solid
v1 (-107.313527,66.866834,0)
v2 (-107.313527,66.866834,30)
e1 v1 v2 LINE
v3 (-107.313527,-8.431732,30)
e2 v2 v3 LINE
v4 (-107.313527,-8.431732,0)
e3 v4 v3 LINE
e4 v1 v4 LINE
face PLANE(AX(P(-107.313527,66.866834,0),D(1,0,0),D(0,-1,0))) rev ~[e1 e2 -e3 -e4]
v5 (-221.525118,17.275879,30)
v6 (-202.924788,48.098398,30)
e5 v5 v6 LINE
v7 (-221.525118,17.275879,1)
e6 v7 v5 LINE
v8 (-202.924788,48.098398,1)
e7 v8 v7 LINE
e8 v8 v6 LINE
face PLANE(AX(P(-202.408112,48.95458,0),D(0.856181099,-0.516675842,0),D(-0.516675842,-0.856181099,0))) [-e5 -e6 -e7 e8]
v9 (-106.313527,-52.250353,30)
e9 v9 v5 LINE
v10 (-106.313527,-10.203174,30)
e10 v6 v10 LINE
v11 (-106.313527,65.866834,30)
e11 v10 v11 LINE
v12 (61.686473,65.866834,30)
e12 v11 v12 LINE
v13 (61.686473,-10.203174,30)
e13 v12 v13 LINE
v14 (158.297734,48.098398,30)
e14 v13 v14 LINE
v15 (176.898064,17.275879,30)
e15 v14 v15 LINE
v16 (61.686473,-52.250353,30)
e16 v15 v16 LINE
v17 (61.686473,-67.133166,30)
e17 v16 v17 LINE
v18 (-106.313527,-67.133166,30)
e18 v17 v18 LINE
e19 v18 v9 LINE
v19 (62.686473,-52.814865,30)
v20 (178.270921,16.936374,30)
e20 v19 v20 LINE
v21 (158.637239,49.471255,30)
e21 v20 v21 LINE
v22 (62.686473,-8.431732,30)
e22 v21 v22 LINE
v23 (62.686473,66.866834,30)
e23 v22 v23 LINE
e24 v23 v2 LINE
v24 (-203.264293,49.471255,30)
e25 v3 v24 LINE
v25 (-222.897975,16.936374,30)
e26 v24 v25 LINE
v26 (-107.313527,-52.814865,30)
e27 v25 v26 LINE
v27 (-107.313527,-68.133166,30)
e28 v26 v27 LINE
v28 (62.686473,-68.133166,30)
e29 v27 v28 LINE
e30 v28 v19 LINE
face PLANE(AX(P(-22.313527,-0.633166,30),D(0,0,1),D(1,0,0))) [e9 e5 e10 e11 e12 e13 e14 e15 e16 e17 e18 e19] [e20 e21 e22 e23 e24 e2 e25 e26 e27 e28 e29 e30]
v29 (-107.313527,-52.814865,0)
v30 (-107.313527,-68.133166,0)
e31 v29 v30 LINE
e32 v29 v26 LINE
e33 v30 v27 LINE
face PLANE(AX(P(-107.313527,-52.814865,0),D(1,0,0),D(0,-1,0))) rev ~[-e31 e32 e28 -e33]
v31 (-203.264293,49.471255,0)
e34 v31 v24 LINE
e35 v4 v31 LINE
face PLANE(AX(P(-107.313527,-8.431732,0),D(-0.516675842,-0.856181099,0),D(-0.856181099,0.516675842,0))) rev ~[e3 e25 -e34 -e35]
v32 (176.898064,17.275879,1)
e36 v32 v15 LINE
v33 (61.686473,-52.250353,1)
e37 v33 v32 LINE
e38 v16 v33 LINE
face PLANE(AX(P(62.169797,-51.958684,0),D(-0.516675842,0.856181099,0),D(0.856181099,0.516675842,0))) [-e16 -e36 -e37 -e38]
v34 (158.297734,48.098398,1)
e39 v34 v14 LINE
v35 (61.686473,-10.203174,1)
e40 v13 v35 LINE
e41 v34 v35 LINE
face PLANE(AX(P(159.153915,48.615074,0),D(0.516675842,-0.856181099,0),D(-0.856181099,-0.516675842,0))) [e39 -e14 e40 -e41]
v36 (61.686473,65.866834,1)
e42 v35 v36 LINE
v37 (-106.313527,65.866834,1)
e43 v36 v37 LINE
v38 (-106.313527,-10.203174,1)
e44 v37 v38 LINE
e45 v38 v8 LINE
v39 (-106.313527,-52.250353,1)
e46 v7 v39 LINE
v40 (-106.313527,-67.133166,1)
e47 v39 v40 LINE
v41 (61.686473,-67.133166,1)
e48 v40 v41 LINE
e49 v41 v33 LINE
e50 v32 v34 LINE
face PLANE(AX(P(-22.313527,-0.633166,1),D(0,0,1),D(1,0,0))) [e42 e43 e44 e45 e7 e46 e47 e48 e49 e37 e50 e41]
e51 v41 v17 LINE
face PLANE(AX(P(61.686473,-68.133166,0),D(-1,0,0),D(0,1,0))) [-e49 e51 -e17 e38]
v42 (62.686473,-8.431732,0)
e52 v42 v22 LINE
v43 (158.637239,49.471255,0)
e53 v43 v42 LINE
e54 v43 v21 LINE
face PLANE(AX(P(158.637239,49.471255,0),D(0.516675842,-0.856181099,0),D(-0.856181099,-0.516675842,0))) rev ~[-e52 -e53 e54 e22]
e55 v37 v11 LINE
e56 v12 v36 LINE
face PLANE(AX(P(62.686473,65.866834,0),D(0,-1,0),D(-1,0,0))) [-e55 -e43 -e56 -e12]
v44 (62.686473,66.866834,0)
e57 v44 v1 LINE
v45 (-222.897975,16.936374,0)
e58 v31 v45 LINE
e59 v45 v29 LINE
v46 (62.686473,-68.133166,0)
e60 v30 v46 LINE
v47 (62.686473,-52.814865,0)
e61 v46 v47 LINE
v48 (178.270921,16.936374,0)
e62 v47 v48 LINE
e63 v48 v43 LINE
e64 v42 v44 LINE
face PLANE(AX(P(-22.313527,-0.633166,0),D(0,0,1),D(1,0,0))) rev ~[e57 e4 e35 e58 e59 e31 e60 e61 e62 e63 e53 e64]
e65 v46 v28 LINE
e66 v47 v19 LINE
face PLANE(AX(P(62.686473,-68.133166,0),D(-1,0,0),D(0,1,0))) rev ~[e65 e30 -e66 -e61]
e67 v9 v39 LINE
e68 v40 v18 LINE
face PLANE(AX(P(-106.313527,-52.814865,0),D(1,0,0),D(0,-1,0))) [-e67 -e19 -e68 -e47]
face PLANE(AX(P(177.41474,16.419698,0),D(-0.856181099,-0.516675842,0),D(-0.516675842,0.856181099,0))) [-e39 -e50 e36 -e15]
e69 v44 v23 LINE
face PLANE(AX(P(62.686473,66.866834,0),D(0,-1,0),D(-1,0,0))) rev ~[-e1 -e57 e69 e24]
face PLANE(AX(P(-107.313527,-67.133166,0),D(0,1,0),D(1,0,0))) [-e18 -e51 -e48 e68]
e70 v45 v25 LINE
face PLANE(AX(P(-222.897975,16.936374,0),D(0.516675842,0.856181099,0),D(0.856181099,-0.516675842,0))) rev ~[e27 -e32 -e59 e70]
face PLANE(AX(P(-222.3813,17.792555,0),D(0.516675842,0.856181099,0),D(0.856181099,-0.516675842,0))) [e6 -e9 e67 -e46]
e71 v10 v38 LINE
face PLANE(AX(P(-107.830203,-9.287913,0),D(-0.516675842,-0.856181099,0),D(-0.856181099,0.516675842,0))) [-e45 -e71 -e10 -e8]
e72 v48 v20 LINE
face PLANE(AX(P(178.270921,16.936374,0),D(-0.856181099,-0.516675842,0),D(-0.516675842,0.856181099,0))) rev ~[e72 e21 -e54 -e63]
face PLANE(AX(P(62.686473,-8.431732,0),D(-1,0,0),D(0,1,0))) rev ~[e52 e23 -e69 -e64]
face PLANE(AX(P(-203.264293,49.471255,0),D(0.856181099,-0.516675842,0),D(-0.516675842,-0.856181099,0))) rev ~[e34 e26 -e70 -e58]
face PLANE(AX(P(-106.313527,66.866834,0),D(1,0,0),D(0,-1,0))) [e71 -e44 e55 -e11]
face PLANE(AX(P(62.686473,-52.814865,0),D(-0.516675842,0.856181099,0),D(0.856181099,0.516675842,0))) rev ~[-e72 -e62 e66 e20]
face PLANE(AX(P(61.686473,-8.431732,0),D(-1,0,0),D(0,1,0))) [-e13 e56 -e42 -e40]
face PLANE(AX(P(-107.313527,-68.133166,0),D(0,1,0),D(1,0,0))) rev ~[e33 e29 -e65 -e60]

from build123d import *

# Parameters (mm, degrees)
F1_DEPTH = 30
F2_T     = -1


with BuildPart() as f1:
    # F0 (on Top) → F1 (new body)
    with BuildSketch(Plane.XY):
        Polygon((62.6864729471, -8.4317315359), (62.6864729471, 66.8668336705), (-107.3135270529, 66.8668336705), (-107.3135270529, 45.8668336705), (-107.3135270529, -8.4317315359), (-107.3135270529, -52.8148650094), (-107.3135270529, -68.1331663295), (62.6864729471, -68.1331663295), (62.6864729471, -52.8148650094), align=None)
        Polygon((158.6372393407, 49.4712554003), (62.6864729471, -8.4317315359), (62.6864729471, -52.8148650094), (178.2709213291, 16.9363736336), align=None)
        Polygon((-107.3135270529, -52.8148650094), (-107.3135270529, -8.4317315359), (-203.2642934464, 49.4712554003), (-222.8979754349, 16.9363736336), align=None)
    extrude(amount=F1_DEPTH)

    # F2
    f2_openings = [f1.faces().sort_by_distance(p)[0] for p in [
        (-22.313527, -0.247476, 30),
    ]]
    offset(amount=F2_T, openings=f2_openings, kind=Kind.INTERSECTION)


solid = f1.part
